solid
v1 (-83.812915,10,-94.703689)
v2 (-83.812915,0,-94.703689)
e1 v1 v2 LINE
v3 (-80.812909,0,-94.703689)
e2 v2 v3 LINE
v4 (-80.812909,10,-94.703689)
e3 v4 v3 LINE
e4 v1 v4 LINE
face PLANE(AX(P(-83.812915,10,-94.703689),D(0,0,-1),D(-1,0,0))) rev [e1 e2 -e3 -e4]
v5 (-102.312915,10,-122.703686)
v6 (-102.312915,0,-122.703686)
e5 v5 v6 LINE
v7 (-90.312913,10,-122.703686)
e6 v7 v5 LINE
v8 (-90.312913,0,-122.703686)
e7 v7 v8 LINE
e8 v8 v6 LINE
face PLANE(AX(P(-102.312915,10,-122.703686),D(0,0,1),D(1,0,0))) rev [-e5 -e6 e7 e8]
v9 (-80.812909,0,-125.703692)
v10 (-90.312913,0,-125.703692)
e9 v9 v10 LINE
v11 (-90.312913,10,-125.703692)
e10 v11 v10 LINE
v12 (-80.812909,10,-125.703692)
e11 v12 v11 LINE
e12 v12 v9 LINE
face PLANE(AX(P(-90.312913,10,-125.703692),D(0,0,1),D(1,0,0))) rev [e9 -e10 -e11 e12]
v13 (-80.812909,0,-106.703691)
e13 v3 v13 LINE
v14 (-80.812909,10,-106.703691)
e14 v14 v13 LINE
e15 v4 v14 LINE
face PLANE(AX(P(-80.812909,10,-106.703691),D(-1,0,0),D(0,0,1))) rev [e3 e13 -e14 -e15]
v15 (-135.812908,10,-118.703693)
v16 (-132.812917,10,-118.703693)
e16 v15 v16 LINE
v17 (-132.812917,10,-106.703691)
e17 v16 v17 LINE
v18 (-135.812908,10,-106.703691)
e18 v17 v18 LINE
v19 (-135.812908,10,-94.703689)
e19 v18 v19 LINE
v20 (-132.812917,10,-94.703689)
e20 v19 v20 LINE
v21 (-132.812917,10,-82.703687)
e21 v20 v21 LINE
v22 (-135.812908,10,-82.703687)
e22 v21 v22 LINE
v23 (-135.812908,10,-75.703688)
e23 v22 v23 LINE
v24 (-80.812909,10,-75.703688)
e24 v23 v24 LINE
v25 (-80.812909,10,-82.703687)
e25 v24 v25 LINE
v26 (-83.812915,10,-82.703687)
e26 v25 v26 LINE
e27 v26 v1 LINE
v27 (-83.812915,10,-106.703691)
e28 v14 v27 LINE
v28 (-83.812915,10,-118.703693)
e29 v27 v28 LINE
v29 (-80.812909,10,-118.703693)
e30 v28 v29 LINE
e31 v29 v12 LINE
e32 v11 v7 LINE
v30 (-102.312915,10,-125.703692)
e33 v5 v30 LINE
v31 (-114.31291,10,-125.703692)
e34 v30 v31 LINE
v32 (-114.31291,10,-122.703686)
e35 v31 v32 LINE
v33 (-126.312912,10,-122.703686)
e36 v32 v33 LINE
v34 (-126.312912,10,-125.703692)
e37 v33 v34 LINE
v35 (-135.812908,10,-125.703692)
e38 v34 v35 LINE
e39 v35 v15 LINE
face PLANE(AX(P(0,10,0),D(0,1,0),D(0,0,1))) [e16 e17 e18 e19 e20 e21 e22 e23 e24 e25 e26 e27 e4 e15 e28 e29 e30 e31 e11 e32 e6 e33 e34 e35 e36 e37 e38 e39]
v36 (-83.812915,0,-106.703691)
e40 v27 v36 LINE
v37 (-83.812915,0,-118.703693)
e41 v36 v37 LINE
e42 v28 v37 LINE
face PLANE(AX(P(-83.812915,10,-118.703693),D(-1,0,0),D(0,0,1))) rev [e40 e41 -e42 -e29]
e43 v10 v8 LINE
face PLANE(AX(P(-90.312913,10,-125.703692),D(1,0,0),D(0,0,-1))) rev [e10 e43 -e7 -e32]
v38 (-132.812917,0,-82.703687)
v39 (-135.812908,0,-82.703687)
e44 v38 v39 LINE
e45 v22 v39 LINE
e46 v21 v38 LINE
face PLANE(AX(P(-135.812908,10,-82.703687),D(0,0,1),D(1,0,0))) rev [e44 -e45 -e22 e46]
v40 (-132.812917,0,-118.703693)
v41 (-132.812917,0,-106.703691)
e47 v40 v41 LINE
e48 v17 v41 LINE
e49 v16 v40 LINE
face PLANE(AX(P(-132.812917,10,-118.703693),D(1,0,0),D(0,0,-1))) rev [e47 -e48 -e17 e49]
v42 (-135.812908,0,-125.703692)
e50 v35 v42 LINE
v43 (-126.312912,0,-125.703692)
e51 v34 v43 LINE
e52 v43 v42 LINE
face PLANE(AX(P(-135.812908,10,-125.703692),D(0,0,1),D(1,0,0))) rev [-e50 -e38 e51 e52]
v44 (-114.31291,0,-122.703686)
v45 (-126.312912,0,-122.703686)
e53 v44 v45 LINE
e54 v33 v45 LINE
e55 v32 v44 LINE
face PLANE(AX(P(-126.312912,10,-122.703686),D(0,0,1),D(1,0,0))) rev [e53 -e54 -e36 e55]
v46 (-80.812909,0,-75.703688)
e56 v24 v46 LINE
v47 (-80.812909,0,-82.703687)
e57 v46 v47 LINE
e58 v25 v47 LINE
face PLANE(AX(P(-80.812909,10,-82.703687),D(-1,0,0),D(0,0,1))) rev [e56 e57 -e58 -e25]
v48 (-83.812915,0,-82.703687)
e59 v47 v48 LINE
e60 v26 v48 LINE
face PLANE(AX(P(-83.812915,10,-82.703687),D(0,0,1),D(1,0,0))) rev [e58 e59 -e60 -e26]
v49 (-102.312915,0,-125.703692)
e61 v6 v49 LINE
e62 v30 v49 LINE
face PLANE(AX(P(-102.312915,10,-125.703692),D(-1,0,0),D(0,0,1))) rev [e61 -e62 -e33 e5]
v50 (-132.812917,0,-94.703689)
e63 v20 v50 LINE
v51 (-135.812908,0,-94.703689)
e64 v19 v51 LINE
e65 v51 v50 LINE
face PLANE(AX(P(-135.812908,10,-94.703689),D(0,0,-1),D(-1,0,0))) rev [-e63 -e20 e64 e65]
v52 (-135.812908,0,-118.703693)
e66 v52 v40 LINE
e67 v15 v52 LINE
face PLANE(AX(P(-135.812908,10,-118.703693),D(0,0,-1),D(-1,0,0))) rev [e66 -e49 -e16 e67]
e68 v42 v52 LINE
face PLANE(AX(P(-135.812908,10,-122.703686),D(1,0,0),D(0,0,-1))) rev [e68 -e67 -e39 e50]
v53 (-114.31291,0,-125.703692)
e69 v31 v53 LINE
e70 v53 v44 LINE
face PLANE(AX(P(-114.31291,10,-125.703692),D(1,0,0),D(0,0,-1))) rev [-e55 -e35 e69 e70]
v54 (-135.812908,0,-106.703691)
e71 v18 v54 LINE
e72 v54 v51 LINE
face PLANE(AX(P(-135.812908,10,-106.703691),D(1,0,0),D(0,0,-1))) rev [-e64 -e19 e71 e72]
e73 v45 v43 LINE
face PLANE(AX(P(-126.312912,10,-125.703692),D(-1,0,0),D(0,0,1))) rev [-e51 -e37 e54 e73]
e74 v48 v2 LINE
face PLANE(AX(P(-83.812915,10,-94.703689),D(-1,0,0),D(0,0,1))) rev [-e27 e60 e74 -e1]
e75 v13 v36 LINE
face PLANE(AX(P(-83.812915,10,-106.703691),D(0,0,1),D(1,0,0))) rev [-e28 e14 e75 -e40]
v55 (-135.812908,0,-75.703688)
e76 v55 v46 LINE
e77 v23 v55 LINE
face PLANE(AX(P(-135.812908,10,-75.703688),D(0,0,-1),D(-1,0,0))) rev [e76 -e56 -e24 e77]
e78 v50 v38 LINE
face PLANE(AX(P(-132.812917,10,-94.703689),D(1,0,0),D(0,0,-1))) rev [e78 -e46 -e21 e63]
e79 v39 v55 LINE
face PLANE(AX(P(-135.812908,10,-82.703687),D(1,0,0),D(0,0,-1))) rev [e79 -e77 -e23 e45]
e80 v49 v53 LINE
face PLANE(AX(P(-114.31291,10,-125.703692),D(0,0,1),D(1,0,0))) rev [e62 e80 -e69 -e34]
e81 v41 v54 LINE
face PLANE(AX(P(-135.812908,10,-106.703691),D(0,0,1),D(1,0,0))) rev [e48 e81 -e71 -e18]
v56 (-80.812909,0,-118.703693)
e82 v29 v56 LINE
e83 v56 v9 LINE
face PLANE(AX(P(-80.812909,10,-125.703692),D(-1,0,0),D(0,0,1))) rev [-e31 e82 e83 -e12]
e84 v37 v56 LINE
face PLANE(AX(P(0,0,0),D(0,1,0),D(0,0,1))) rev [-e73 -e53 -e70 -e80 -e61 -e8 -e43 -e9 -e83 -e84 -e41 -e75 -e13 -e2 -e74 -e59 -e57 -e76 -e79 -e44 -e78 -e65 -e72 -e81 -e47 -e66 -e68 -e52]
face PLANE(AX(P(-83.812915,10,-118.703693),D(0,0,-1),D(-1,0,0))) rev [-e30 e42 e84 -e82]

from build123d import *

# Parameters (mm, degrees)
BOSS_EXTRUDE1_DEPTH = 10


with BuildPart() as part:
    # Sketch1 → Boss-Extrude1 (new body)
    with BuildSketch(Plane(origin=(0, 0, 0), x_dir=(1, 0, 0), z_dir=(0, 1, 0))):
        Polygon((-135.812908411, 125.703692436), (-126.31291151, 125.703692436), (-126.31291151, 122.703686357), (-114.312909544, 122.703686357), (-114.312909544, 125.703692436), (-102.312915027, 125.703692436), (-102.312915027, 122.703686357), (-90.31291306, 122.703686357), (-90.31291306, 125.703692436), (-80.812908709, 125.703692436), (-80.812908709, 122.703686357), (-80.812908709, 118.703693151), (-83.812914789, 118.703693151), (-83.812914789, 106.703691185), (-80.812908709, 106.703691185), (-80.812908709, 94.703689218), (-83.812914789, 94.703689218), (-83.812914789, 82.703687251), (-80.812908709, 82.703687251), (-80.812908709, 75.703687966), (-135.812908411, 75.703687966), (-135.812908411, 82.703687251), (-132.812917233, 82.703687251), (-132.812917233, 94.703689218), (-135.812908411, 94.703689218), (-135.812908411, 106.703691185), (-132.812917233, 106.703691185), (-132.812917233, 118.703693151), (-135.812908411, 118.703693151), (-135.812908411, 122.703686357), align=None)
    extrude(amount=BOSS_EXTRUDE1_DEPTH)


solid = part.part
